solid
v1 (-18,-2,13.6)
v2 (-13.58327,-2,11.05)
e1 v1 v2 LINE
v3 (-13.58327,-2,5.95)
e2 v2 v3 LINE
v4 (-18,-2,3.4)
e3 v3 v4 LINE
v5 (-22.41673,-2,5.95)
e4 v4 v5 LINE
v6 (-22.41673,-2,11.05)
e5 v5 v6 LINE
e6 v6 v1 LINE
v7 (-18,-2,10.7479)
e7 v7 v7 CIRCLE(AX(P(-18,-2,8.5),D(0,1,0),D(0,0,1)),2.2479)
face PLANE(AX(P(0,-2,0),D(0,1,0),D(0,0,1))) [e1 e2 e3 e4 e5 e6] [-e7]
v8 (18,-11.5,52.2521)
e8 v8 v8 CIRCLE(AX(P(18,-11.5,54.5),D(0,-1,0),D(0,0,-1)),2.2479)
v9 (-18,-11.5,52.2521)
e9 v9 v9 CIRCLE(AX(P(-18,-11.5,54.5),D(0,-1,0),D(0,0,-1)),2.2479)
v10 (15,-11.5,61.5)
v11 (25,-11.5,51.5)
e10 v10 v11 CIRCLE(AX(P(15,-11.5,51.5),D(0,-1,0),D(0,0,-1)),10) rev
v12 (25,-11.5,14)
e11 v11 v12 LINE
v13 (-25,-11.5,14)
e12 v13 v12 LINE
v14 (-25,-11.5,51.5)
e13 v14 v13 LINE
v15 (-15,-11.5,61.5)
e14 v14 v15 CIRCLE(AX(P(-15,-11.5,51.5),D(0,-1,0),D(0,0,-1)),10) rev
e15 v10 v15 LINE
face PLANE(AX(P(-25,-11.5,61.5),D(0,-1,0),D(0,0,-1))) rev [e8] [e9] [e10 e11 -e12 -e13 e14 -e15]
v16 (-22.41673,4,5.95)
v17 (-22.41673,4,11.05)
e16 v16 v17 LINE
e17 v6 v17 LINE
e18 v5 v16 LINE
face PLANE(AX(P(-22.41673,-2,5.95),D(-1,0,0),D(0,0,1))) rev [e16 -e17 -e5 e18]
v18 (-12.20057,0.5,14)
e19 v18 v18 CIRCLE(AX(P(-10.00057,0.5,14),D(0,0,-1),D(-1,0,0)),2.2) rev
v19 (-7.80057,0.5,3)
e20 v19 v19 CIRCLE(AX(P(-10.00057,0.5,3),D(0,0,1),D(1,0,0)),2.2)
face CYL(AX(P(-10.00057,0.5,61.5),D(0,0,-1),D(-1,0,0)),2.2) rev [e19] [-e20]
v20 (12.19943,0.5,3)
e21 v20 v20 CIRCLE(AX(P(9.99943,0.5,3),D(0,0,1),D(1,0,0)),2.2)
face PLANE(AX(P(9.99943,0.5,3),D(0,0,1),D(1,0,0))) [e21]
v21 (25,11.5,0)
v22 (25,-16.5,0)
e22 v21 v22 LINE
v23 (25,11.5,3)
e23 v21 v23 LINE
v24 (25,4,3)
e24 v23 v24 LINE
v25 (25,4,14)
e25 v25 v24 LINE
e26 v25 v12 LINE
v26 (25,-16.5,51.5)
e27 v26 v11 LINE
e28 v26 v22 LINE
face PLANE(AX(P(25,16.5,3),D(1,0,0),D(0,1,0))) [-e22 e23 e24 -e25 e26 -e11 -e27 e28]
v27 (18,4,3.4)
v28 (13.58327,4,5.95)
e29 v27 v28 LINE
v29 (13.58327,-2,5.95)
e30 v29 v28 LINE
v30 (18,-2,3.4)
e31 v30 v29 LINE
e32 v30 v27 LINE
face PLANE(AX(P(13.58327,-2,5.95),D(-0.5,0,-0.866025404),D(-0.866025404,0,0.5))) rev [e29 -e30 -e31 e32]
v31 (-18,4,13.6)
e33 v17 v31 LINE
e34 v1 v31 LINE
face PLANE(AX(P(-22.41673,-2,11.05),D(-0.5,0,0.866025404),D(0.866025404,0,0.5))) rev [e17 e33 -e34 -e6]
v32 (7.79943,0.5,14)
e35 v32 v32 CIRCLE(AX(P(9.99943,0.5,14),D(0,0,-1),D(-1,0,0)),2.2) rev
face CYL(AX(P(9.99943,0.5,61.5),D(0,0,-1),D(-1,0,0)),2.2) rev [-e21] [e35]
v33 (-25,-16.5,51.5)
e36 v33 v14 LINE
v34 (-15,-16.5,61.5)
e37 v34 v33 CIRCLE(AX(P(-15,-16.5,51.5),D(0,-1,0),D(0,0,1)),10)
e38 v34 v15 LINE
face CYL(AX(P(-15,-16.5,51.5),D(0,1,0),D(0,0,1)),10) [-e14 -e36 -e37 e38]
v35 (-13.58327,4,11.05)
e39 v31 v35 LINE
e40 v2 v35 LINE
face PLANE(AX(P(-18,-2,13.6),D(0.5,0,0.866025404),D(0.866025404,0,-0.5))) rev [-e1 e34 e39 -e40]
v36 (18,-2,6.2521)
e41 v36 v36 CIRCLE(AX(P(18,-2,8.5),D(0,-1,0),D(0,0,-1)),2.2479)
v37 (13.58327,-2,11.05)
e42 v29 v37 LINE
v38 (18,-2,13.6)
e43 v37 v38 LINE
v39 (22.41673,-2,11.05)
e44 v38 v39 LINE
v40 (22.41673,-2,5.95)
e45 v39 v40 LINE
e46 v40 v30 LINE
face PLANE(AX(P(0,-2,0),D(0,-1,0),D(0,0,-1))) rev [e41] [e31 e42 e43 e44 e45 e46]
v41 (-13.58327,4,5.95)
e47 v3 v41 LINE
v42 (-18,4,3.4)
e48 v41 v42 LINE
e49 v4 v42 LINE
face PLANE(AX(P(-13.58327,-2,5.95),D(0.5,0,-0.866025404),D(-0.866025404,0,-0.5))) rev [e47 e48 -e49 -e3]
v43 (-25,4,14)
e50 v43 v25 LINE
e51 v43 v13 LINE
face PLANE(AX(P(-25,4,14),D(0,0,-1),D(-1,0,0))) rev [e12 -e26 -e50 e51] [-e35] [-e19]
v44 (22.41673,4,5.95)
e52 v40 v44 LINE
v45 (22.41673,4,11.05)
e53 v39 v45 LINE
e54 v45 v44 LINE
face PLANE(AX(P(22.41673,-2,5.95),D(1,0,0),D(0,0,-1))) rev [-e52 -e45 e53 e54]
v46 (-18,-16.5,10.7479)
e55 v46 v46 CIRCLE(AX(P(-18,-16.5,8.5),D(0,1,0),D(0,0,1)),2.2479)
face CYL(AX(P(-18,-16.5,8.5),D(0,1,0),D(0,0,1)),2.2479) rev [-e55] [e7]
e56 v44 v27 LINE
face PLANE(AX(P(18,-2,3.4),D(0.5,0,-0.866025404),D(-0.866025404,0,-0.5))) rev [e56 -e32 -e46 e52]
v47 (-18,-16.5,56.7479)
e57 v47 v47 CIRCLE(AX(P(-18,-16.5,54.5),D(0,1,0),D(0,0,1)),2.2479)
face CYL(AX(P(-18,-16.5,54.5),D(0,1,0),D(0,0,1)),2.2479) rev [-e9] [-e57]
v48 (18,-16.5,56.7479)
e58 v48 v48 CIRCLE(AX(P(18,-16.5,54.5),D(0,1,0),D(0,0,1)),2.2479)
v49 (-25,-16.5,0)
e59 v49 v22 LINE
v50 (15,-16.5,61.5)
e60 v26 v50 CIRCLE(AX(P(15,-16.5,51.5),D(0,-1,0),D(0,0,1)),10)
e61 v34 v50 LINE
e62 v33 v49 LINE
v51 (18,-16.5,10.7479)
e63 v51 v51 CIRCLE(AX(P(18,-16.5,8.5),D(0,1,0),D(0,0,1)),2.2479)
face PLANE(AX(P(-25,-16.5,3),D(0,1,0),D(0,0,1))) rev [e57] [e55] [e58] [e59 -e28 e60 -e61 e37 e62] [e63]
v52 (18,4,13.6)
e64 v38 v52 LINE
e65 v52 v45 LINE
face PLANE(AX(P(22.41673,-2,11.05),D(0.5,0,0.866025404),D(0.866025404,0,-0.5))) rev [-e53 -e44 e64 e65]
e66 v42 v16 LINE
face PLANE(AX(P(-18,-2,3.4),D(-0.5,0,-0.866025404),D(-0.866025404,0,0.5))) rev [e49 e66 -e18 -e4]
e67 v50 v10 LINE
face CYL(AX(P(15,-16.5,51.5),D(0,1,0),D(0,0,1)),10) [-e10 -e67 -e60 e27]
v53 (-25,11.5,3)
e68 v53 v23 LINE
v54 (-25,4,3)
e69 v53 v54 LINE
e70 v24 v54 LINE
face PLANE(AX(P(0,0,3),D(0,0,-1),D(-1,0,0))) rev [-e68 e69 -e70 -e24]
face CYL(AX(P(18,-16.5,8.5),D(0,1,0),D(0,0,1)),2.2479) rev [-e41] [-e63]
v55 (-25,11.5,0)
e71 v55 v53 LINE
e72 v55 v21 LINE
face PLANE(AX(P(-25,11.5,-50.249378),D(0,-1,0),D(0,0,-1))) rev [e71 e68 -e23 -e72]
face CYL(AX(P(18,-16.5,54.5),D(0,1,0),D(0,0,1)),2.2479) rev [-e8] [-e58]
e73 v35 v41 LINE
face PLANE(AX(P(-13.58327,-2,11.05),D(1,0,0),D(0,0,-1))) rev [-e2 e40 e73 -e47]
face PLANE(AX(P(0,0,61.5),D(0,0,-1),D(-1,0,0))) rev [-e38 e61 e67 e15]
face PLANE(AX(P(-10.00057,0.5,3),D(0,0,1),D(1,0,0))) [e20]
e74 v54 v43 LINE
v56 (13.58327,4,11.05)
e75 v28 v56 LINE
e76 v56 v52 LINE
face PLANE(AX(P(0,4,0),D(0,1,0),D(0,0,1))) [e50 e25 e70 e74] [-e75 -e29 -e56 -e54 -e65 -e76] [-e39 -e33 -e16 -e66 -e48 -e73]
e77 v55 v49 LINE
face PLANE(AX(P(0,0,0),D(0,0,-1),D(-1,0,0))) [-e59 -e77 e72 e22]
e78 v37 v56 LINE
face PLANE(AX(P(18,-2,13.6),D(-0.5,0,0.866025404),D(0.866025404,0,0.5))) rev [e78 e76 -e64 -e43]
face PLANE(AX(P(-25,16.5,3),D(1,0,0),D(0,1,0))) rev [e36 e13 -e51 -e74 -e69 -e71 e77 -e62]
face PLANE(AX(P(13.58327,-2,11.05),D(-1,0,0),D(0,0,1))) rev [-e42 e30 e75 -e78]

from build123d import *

# Parameters (mm, degrees)
SKETCH1_W               = 50
SKETCH1_H               = 33
BOSS_EXTRUDE1_DEPTH     = 3
SKETCH2_W               = 50
SKETCH2_H               = 5
BOSS_EXTRUDE2_DEPTH     = 58.5
SKETCH6_W               = 50
SKETCH6_H               = 5
CUT_EXTRUDE3_DEPTH      = 3
SKETCH7_W               = 50
SKETCH7_H               = 11
BOSS_EXTRUDE4_DEPTH     = 15.5
CUT_EXTRUDE4_DEPTH      = 6
SKETCH4_R               = 2.2
CUT_EXTRUDE5_DEPTH      = 59.5
SKETCH3_R               = 2.2479
CUT_EXTRUDE1_DEPTH      = 24
CUT_EXTRUDE1_DEPTH_BACK = 6


with BuildPart() as part:
    # Sketch1 → Boss-Extrude1 (new body)
    with BuildSketch(Plane.XY):
        Rectangle(SKETCH1_W, SKETCH1_H)
    extrude(amount=BOSS_EXTRUDE1_DEPTH)

    # Sketch2 → Boss-Extrude2 (add)
    with BuildSketch(Plane.XY.offset(3)):
        with Locations((0, -14)):
            Rectangle(SKETCH2_W, SKETCH2_H)
    extrude(amount=BOSS_EXTRUDE2_DEPTH)

    # Sketch6 → Cut-Extrude3 (cut)
    with BuildSketch(Plane.XY.offset(3)):
        with Locations((0, 14)):
            Rectangle(SKETCH6_W, SKETCH6_H)
    extrude(amount=-CUT_EXTRUDE3_DEPTH, mode=Mode.SUBTRACT)

    # Sketch7 → Boss-Extrude4 (add)
    with BuildSketch(Plane(origin=(0, -11.5, 0), x_dir=(1, 0, 0), z_dir=(0, 1, 0))):
        with Locations((0, -8.5)):
            Rectangle(SKETCH7_W, SKETCH7_H)
    extrude(amount=BOSS_EXTRUDE4_DEPTH)

    # Sketch8 → Cut-Extrude4 (cut)
    with BuildSketch(Plane(origin=(0, 4, 0), x_dir=(1, 0, 0), z_dir=(0, 1, 0))):
        Polygon((-18, -3.4), (-22.416729559, -5.95), (-22.416729559, -11.05), (-18, -13.6), (-13.583270441, -11.05), (-13.583270441, -5.95), align=None)
        Polygon((13.583270441, -5.95), (18, -3.4), (22.416729559, -5.95), (22.416729559, -11.05), (18, -13.6), (13.583270441, -11.05), align=None)
    extrude(amount=-CUT_EXTRUDE4_DEPTH, mode=Mode.SUBTRACT)

    # Sketch4 → Cut-Extrude5 (cut, through all)
    with BuildSketch(Plane.XY.offset(3)):
        with Locations((-10.000570114, 0.5)):
            Circle(SKETCH4_R)
        with Locations((9.999429886, 0.5)):
            Circle(SKETCH4_R)
    extrude(amount=CUT_EXTRUDE5_DEPTH, mode=Mode.SUBTRACT)

    # Sketch3 → Cut-Extrude1 (cut, two sides)
    with BuildSketch(Plane(origin=(0, -11.5, 0), x_dir=(1, 0, 0), z_dir=(0, 1, 0))) as cut_extrude1_sk:
        with Locations((-18, -54.5)):
            Circle(SKETCH3_R)
        with Locations((18, -54.5)):
            Circle(SKETCH3_R)
        with Locations((-18, -8.5)):
            Circle(SKETCH3_R)
        with Locations((18, -8.5)):
            Circle(SKETCH3_R)
        with BuildLine():
            Line((-25, -51.5), (-25, -61.5))
            Line((-25, -61.5), (-15, -61.5))
            ThreePointArc((-15, -61.5), (-22.071067812, -58.571067812), (-25, -51.5))
        make_face()
        with BuildLine():
            Line((15, -61.5), (25, -61.5))
            Line((25, -61.5), (25, -51.5))
            ThreePointArc((25, -51.5), (22.071067812, -58.571067812), (15, -61.5))
        make_face()
    extrude(amount=CUT_EXTRUDE1_DEPTH, mode=Mode.SUBTRACT)
    extrude(cut_extrude1_sk.sketch, amount=-CUT_EXTRUDE1_DEPTH_BACK, mode=Mode.SUBTRACT)


solid = part.part
